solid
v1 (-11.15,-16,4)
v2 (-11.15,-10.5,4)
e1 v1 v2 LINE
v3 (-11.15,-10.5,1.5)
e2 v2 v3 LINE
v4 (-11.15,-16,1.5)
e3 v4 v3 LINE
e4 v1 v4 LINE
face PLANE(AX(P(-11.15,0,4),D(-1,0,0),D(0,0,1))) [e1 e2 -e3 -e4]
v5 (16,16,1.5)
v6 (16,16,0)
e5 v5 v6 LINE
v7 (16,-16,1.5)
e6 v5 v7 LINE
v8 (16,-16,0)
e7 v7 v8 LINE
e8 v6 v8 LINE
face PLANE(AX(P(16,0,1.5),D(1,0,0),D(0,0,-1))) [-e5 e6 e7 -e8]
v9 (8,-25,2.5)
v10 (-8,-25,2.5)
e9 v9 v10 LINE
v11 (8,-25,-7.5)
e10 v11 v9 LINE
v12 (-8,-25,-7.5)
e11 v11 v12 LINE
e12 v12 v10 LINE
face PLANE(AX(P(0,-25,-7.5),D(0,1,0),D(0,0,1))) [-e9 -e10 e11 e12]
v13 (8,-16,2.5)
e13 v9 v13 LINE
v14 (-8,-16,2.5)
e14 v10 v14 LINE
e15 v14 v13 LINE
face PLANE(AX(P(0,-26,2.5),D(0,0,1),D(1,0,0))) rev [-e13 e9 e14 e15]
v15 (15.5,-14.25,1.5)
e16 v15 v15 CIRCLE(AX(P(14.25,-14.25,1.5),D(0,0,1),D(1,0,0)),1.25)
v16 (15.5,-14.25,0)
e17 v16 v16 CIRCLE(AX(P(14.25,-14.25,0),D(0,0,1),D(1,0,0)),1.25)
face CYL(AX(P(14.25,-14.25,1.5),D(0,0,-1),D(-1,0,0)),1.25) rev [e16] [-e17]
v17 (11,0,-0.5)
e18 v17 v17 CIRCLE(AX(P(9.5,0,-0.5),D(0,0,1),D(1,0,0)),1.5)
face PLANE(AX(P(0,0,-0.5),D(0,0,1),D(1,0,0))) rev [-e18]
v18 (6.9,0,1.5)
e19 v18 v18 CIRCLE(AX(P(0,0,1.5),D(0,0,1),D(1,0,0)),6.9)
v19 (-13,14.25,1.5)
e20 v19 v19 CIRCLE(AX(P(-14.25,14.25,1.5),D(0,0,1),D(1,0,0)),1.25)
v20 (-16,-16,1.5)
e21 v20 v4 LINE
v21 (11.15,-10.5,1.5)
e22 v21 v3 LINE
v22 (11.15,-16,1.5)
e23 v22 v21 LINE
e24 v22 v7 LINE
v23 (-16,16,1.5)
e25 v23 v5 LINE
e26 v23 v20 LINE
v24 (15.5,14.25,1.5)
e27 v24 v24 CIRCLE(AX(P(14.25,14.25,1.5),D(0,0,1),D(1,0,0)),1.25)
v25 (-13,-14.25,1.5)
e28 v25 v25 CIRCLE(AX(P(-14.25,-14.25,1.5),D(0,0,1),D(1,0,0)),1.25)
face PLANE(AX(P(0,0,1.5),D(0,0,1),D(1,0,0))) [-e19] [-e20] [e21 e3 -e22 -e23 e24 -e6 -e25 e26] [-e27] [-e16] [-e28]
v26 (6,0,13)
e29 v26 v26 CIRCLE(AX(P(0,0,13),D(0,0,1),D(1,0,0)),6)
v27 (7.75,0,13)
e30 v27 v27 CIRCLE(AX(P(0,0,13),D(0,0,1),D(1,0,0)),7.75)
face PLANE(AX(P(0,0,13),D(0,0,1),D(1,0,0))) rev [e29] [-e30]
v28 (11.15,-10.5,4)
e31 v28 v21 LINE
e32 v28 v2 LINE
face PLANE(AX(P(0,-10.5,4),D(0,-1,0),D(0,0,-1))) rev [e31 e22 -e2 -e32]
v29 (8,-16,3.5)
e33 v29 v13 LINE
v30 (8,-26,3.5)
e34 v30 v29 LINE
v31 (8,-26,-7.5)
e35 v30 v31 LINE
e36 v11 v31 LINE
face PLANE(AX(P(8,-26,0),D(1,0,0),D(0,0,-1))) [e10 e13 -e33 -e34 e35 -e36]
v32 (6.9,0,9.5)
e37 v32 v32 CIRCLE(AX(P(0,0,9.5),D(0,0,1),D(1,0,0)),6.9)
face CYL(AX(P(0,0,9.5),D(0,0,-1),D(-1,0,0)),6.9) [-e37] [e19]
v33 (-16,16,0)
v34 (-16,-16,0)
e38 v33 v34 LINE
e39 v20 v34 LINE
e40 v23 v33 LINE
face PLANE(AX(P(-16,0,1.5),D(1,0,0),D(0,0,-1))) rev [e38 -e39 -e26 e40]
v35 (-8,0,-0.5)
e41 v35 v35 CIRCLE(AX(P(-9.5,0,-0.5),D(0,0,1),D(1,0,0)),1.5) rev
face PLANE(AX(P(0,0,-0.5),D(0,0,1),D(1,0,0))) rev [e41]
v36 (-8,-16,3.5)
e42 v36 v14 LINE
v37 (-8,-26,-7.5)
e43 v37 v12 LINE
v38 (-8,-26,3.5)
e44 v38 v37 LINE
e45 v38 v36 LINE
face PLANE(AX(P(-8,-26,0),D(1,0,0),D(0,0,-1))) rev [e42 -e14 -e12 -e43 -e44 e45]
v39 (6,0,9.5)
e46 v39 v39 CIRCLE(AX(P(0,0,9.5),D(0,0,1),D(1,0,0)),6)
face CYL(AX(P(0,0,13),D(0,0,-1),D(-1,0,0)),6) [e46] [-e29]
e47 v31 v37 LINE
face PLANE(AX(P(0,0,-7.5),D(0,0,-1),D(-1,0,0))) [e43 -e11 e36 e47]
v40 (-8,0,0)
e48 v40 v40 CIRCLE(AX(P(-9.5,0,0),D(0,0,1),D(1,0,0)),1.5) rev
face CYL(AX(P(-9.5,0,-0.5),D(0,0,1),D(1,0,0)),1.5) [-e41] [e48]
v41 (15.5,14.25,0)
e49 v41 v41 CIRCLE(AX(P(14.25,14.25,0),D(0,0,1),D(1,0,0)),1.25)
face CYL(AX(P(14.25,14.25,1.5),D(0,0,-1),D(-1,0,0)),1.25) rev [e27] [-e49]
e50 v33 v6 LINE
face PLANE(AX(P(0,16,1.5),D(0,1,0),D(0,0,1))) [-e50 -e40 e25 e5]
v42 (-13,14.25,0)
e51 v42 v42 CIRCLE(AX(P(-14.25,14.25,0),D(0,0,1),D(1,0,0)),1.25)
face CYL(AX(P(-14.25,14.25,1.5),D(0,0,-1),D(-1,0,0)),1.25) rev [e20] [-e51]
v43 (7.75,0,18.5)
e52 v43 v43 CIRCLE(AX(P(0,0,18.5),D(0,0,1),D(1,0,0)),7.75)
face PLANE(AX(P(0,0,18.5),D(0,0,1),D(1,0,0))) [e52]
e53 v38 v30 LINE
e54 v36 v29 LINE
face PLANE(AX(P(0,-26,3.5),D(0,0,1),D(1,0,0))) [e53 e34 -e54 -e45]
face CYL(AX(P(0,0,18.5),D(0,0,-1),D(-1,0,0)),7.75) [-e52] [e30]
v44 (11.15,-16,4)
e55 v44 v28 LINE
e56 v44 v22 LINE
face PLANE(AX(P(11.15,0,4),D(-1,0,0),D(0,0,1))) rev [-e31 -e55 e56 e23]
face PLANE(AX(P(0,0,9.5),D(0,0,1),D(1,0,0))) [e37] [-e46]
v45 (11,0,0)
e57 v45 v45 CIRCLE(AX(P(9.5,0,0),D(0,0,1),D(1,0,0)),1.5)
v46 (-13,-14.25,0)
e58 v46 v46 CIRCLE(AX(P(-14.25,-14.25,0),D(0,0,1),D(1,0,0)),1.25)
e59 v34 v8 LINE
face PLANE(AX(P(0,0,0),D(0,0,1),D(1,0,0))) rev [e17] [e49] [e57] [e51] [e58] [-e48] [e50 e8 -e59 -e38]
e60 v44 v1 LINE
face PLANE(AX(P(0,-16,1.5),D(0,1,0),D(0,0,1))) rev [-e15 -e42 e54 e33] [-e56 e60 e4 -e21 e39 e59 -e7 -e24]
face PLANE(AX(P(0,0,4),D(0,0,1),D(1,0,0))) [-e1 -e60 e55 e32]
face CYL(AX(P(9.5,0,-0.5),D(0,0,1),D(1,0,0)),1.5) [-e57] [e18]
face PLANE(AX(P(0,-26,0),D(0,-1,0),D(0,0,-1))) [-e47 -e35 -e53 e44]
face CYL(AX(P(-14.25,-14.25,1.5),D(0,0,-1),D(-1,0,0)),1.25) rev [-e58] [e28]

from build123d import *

# Parameters (mm, degrees)
SKETCH_1_W         = 32
SKETCH_1_H         = 32
SKETCH_1_R         = 1.25
EXTRUDE_1463_DEPTH = 1.5
EXTRUDE_START      = 1.5
SKETCH_1_3_W       = 22.3
SKETCH_1_3_H       = 5.5
EXTRUDE_1638_DEPTH = 2.5
SKETCH_1_4_R       = 6.9
SKETCH_1_4_R_2     = 6
EXTRUDE_1808_DEPTH = 8
EXTRUDE_START_2    = 9.5
SKETCH_1_5_R       = 6
EXTRUDE_1980_DEPTH = 3.5
EXTRUDE_START_3    = 13
SKETCH_1_6_R       = 7.75
SKETCH_1_6_R_2     = 6.9
SKETCH_1_6_R_3     = 6
EXTRUDE_2074_DEPTH = 5.5
SKETCH_1_7_R       = 1.5
EXTRUDE_2255_DEPTH = 0.5
SKETCH_2_W         = 16
SKETCH_2_H         = 1
EXTRUDE_2715_DEPTH = 10
SKETCH_3_W         = 16
SKETCH_3_H         = 1
EXTRUDE_3012_DEPTH = 10


with BuildPart() as part:
    # Эскиз1 → Extrude 1463 (new body)
    with BuildSketch(Plane.XY):
        Rectangle(SKETCH_1_W, SKETCH_1_H)
        with Locations((-14.25, -14.25)):
            Circle(SKETCH_1_R, mode=Mode.SUBTRACT)
        with Locations((14.25, -14.25)):
            Circle(SKETCH_1_R, mode=Mode.SUBTRACT)
        with Locations((-14.25, 14.25)):
            Circle(SKETCH_1_R, mode=Mode.SUBTRACT)
        with Locations((14.25, 14.25)):
            Circle(SKETCH_1_R, mode=Mode.SUBTRACT)
    extrude(amount=EXTRUDE_1463_DEPTH)

    # Эскиз1<3> → Extrude 1638 (add)
    with BuildSketch(Plane.XY.offset(EXTRUDE_START)):
        with Locations((0, -13.25)):
            Rectangle(SKETCH_1_3_W, SKETCH_1_3_H)
    extrude(amount=EXTRUDE_1638_DEPTH)

    # Эскиз1<4> → Extrude 1808 (add)
    # profile 1 of 2: a face of its own
    with BuildSketch(Plane.XY.offset(EXTRUDE_START)):
        Circle(SKETCH_1_4_R)
        Circle(SKETCH_1_4_R_2, mode=Mode.SUBTRACT)
    # profile 2 of 2: a face of its own
    with BuildSketch(Plane.XY.offset(EXTRUDE_START)):
        Circle(SKETCH_1_4_R_2)
    extrude(amount=EXTRUDE_1808_DEPTH)

    # Эскиз1<5> → Extrude 1980 (add)
    with BuildSketch(Plane.XY.offset(EXTRUDE_START_2)):
        Circle(SKETCH_1_5_R)
    extrude(amount=EXTRUDE_1980_DEPTH)

    # Эскиз1<6> → Extrude 2074 (add)
    # profile 1 of 3: a face of its own
    with BuildSketch(Plane.XY.offset(EXTRUDE_START_3)):
        Circle(SKETCH_1_6_R)
        Circle(SKETCH_1_6_R_2, mode=Mode.SUBTRACT)
    # profile 2 of 3: a face of its own
    with BuildSketch(Plane.XY.offset(EXTRUDE_START_3)):
        Circle(SKETCH_1_6_R_2)
        Circle(SKETCH_1_6_R_3, mode=Mode.SUBTRACT)
    # profile 3 of 3: a face of its own
    with BuildSketch(Plane.XY.offset(EXTRUDE_START_3)):
        Circle(SKETCH_1_6_R_3)
    extrude(amount=EXTRUDE_2074_DEPTH)

    # Эскиз1<7> → Extrude 2255 (add)
    with BuildSketch(Plane.XY):
        with Locations((9.5, 0)):
            Circle(SKETCH_1_7_R)
        with Locations((-9.5, 0)):
            Circle(SKETCH_1_7_R)
    extrude(amount=-EXTRUDE_2255_DEPTH)

    # Эскиз2 → Extrude 2715 (add)
    with BuildSketch(Plane.XZ.offset(16)):
        with Locations((0, 3)):
            Rectangle(SKETCH_2_W, SKETCH_2_H)
    extrude(amount=EXTRUDE_2715_DEPTH)

    # Эскиз3 → Extrude 3012 (add)
    with BuildSketch(Plane(origin=(0, 0, 2.5), x_dir=(-1, 0, 0), z_dir=(0, 0, -1))):
        with Locations((0, -25.5)):
            Rectangle(SKETCH_3_W, SKETCH_3_H)
    extrude(amount=EXTRUDE_3012_DEPTH)


solid = part.part
